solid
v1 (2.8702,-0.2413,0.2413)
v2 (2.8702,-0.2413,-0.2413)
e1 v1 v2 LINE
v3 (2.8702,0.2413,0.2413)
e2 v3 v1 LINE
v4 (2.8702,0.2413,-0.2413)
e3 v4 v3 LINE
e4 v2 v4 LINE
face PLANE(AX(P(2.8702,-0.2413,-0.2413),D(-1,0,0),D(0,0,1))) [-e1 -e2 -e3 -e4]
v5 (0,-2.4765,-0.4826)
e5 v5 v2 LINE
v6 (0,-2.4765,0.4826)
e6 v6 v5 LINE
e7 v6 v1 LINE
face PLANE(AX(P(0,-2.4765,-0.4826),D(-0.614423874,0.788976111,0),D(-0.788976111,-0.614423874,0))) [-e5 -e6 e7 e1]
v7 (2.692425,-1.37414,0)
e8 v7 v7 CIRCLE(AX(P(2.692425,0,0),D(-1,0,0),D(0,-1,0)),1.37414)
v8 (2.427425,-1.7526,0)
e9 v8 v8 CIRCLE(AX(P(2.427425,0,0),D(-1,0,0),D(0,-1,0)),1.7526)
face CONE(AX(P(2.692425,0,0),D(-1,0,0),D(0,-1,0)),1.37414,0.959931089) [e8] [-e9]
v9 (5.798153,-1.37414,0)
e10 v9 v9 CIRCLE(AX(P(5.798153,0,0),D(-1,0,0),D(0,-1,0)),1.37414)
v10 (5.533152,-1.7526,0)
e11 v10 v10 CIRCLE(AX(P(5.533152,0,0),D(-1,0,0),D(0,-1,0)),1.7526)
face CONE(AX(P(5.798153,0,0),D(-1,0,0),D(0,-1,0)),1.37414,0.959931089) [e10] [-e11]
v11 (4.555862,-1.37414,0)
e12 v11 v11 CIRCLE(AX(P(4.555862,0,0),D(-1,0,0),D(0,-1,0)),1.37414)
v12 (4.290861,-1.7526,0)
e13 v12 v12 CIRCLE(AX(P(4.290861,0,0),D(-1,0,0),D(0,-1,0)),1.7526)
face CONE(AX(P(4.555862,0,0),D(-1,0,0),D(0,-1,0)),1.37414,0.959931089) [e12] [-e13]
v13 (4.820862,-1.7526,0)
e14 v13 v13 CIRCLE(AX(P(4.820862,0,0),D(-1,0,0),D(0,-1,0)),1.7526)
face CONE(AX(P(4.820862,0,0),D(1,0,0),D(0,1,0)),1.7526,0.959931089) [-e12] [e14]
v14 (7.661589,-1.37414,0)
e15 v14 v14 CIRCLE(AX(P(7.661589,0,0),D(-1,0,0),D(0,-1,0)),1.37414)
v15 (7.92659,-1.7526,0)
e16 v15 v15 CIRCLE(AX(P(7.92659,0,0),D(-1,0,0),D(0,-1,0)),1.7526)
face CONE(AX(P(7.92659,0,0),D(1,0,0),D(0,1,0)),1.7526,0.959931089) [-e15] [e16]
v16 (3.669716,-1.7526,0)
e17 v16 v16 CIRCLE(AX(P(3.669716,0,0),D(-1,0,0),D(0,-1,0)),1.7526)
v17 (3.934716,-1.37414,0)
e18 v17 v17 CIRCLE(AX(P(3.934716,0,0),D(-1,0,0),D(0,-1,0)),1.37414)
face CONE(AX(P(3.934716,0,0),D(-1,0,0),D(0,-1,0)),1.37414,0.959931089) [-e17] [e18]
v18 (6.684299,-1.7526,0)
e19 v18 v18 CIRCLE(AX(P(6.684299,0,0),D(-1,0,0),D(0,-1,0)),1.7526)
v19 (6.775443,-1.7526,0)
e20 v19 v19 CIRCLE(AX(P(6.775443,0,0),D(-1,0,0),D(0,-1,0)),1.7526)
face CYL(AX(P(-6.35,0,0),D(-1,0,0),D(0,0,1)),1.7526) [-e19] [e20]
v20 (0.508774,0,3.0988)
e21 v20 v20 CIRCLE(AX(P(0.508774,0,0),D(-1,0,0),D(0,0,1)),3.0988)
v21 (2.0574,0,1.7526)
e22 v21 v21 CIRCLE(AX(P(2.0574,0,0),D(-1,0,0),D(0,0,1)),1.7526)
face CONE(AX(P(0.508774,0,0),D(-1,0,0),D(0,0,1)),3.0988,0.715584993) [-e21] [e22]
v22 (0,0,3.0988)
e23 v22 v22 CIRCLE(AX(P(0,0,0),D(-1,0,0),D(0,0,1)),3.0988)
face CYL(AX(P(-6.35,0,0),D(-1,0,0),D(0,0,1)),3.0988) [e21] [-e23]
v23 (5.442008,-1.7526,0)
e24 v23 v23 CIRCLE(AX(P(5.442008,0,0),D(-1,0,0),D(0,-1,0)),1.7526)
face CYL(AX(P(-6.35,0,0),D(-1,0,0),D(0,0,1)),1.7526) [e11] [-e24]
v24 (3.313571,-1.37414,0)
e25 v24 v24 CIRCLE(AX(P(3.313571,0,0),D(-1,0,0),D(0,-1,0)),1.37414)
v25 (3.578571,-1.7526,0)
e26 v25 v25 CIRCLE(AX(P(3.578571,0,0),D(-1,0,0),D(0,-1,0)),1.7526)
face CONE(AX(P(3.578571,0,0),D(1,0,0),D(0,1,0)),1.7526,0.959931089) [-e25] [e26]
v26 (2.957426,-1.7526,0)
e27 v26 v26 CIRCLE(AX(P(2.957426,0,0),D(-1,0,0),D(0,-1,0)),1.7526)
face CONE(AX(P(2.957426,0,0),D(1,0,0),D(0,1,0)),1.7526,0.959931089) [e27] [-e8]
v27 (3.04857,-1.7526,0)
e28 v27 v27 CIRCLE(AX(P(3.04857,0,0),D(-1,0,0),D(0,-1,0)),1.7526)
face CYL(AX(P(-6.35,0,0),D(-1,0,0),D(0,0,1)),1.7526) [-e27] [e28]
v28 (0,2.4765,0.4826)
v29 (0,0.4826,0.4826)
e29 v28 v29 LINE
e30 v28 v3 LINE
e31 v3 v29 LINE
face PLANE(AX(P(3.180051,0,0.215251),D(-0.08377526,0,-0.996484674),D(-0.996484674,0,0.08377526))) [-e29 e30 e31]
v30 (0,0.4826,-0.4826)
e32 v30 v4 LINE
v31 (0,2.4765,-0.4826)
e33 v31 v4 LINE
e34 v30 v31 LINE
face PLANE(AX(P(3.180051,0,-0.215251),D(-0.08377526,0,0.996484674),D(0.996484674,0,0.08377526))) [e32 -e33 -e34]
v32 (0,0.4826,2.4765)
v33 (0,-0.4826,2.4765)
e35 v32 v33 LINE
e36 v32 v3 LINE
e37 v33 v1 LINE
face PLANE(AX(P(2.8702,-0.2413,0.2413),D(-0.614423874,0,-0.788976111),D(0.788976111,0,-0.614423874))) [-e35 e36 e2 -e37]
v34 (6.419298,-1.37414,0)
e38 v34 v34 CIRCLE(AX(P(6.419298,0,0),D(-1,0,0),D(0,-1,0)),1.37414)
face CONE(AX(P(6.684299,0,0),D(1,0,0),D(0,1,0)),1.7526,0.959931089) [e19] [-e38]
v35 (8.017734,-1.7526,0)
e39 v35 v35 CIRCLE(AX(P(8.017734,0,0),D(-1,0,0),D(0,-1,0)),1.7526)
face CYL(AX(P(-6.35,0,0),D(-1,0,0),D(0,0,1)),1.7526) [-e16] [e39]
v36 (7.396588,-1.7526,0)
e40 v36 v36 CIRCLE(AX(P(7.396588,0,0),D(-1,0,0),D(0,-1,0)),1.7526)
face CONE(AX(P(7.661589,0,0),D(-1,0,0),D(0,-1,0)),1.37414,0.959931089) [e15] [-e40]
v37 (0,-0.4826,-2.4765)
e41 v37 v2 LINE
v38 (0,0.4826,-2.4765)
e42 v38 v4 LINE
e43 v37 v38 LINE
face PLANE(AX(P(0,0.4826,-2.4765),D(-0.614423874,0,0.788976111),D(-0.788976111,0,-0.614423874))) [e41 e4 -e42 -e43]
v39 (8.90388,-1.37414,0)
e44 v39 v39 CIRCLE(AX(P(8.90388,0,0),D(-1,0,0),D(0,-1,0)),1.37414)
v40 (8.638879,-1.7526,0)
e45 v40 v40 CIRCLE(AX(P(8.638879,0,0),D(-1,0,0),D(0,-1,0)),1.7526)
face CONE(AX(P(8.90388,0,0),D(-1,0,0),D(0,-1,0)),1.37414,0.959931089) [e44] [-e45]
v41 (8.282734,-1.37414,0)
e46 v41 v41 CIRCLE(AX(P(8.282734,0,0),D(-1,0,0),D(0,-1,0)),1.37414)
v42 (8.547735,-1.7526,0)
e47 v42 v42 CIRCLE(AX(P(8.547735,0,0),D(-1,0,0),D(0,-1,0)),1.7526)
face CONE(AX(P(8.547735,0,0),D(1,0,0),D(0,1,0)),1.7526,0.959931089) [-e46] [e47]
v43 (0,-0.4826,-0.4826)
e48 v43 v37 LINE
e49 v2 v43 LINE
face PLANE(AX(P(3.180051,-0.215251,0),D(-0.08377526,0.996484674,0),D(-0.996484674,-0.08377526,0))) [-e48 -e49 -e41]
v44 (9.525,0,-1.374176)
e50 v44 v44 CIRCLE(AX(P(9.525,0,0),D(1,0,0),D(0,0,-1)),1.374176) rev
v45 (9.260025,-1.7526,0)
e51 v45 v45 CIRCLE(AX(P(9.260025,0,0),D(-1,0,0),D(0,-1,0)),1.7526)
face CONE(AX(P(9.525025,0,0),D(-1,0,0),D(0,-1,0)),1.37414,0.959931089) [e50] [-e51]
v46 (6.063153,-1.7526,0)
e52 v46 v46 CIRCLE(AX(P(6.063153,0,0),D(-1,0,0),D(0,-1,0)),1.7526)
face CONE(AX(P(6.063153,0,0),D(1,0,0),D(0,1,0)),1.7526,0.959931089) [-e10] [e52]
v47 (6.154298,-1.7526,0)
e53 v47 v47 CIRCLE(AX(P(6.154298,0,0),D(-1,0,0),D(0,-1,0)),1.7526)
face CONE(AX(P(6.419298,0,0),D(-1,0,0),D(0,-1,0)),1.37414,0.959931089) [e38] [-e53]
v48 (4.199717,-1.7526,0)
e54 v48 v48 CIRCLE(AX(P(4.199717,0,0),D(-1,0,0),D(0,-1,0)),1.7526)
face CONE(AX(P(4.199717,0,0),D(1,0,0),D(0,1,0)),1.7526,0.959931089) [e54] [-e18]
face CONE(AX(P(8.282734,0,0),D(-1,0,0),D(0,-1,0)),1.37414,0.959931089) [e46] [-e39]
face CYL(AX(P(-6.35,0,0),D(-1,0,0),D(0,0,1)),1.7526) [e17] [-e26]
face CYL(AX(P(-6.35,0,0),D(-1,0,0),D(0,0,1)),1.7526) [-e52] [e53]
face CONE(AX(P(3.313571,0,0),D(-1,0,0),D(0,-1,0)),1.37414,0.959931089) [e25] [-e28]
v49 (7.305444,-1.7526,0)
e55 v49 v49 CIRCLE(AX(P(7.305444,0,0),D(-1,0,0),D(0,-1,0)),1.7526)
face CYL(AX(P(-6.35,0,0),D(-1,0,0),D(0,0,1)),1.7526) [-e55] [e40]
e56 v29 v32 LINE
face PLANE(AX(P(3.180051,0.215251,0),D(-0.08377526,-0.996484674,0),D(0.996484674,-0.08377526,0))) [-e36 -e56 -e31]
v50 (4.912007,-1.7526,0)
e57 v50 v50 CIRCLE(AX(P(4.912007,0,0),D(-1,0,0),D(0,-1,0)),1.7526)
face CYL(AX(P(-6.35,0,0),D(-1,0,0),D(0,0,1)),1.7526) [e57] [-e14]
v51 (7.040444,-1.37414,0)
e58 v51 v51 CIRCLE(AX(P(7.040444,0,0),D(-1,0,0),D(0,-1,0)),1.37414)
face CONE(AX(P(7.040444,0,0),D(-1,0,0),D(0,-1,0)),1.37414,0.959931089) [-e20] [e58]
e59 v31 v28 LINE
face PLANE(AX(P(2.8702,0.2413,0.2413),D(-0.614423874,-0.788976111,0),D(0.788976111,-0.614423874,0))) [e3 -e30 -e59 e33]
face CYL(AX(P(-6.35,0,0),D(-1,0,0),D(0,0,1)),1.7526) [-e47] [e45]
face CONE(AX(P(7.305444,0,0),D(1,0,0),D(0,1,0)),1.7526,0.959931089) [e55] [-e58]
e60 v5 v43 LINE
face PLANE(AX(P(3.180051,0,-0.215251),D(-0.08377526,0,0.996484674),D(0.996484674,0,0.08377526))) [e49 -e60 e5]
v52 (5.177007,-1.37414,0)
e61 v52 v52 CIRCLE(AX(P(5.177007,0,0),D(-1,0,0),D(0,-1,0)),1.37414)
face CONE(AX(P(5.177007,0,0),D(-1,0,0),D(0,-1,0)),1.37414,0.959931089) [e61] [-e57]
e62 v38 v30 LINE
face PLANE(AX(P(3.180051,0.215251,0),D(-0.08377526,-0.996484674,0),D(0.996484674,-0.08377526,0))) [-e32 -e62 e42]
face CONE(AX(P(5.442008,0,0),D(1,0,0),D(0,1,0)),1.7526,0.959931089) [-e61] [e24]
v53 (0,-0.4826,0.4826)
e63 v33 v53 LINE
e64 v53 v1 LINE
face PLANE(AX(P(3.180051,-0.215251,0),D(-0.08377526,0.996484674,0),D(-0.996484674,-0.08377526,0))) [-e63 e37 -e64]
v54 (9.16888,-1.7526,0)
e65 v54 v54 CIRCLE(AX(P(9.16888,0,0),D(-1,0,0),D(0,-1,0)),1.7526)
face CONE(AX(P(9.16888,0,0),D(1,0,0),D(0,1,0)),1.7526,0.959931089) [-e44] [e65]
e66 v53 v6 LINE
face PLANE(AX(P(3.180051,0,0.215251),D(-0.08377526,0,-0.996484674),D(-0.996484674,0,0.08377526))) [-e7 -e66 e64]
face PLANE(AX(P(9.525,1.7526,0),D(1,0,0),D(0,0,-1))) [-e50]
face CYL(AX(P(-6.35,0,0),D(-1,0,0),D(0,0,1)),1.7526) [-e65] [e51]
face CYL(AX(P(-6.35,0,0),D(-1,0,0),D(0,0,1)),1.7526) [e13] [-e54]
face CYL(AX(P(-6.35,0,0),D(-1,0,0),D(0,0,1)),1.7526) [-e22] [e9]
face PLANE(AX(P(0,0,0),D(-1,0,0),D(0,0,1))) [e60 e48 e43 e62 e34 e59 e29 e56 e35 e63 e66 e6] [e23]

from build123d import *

# Parameters (mm, degrees)
CIRPATTERN1_COUNT = 2
CIRPATTERN1_ANGLE = 90
THDSCHPAT_COUNT   = 12
THDSCHPAT_PITCH   = 0.621145455


with BuildPart() as part:
    # BodySke → Base-Revolve (revolve)
    with BuildSketch(Plane.XY, mode=Mode.PRIVATE) as base_revolve_sk:
        Polygon((0, 0), (0, 3.0988), (0.50877405, 3.0988), (2.0574, 1.7526), (9.525, 1.7526), (9.525, 0), align=None)
    revolve(base_revolve_sk.sketch.rotate(Axis((-6.35, 0, 0), (1, 0, 0)), 90), axis=Axis((-6.35, 0, 0), (1, 0, 0)))

    # Sketch3 → Cross section 0
    with BuildSketch(Plane.ZY):
        with BuildLine():
            Line((-0.4826, 2.4765), (0.4826, 2.4765))
            Line((0.4826, 2.4765), (0.4826, -2.4765))
            Line((0.4826, -2.4765), (-0.4826, -2.4765))
            Line((-0.4826, -2.4765), (-0.4826, 2.4765))
        make_face()
    # Sketch4 → Cross section 1
    with BuildSketch(Plane.ZY.offset(-2.8702)):
        with BuildLine():
            Line((-0.2413, 0.2413), (0.2413, 0.2413))
            Line((0.2413, 0.2413), (0.2413, -0.2413))
            Line((0.2413, -0.2413), (-0.2413, -0.2413))
            Line((-0.2413, -0.2413), (-0.2413, 0.2413))
        make_face()
    cross = loft(mode=Mode.SUBTRACT)

    # CirPattern1: Cross ×2 about axis
    cirpattern1_axis = Axis((0, 0, 0), (1, 0, 0))
    for i in range(1, CIRPATTERN1_COUNT):
        add(cross.rotate(cirpattern1_axis, i * CIRPATTERN1_ANGLE / (CIRPATTERN1_COUNT - 1)), mode=Mode.SUBTRACT)

    # ThdSchSke → ThreadSchematic (revolve, cut)
    with BuildSketch(Plane.XY):
        Polygon((2.6924254, -1.37414), (2.427424855, -1.7526), (2.427424855, -2.19075), (2.957425945, -2.19075), (2.957425945, -1.7526), align=None)
    threadschematic = revolve(axis=Axis((-3.175, 0, 0), (1, 0, 0)), mode=Mode.SUBTRACT)

    # ThdSchPat: ThreadSchematic ×12
    with Locations(*[(i * THDSCHPAT_PITCH, 0, 0) for i in range(1, THDSCHPAT_COUNT)]):
        add(threadschematic, mode=Mode.SUBTRACT)


solid = part.part
